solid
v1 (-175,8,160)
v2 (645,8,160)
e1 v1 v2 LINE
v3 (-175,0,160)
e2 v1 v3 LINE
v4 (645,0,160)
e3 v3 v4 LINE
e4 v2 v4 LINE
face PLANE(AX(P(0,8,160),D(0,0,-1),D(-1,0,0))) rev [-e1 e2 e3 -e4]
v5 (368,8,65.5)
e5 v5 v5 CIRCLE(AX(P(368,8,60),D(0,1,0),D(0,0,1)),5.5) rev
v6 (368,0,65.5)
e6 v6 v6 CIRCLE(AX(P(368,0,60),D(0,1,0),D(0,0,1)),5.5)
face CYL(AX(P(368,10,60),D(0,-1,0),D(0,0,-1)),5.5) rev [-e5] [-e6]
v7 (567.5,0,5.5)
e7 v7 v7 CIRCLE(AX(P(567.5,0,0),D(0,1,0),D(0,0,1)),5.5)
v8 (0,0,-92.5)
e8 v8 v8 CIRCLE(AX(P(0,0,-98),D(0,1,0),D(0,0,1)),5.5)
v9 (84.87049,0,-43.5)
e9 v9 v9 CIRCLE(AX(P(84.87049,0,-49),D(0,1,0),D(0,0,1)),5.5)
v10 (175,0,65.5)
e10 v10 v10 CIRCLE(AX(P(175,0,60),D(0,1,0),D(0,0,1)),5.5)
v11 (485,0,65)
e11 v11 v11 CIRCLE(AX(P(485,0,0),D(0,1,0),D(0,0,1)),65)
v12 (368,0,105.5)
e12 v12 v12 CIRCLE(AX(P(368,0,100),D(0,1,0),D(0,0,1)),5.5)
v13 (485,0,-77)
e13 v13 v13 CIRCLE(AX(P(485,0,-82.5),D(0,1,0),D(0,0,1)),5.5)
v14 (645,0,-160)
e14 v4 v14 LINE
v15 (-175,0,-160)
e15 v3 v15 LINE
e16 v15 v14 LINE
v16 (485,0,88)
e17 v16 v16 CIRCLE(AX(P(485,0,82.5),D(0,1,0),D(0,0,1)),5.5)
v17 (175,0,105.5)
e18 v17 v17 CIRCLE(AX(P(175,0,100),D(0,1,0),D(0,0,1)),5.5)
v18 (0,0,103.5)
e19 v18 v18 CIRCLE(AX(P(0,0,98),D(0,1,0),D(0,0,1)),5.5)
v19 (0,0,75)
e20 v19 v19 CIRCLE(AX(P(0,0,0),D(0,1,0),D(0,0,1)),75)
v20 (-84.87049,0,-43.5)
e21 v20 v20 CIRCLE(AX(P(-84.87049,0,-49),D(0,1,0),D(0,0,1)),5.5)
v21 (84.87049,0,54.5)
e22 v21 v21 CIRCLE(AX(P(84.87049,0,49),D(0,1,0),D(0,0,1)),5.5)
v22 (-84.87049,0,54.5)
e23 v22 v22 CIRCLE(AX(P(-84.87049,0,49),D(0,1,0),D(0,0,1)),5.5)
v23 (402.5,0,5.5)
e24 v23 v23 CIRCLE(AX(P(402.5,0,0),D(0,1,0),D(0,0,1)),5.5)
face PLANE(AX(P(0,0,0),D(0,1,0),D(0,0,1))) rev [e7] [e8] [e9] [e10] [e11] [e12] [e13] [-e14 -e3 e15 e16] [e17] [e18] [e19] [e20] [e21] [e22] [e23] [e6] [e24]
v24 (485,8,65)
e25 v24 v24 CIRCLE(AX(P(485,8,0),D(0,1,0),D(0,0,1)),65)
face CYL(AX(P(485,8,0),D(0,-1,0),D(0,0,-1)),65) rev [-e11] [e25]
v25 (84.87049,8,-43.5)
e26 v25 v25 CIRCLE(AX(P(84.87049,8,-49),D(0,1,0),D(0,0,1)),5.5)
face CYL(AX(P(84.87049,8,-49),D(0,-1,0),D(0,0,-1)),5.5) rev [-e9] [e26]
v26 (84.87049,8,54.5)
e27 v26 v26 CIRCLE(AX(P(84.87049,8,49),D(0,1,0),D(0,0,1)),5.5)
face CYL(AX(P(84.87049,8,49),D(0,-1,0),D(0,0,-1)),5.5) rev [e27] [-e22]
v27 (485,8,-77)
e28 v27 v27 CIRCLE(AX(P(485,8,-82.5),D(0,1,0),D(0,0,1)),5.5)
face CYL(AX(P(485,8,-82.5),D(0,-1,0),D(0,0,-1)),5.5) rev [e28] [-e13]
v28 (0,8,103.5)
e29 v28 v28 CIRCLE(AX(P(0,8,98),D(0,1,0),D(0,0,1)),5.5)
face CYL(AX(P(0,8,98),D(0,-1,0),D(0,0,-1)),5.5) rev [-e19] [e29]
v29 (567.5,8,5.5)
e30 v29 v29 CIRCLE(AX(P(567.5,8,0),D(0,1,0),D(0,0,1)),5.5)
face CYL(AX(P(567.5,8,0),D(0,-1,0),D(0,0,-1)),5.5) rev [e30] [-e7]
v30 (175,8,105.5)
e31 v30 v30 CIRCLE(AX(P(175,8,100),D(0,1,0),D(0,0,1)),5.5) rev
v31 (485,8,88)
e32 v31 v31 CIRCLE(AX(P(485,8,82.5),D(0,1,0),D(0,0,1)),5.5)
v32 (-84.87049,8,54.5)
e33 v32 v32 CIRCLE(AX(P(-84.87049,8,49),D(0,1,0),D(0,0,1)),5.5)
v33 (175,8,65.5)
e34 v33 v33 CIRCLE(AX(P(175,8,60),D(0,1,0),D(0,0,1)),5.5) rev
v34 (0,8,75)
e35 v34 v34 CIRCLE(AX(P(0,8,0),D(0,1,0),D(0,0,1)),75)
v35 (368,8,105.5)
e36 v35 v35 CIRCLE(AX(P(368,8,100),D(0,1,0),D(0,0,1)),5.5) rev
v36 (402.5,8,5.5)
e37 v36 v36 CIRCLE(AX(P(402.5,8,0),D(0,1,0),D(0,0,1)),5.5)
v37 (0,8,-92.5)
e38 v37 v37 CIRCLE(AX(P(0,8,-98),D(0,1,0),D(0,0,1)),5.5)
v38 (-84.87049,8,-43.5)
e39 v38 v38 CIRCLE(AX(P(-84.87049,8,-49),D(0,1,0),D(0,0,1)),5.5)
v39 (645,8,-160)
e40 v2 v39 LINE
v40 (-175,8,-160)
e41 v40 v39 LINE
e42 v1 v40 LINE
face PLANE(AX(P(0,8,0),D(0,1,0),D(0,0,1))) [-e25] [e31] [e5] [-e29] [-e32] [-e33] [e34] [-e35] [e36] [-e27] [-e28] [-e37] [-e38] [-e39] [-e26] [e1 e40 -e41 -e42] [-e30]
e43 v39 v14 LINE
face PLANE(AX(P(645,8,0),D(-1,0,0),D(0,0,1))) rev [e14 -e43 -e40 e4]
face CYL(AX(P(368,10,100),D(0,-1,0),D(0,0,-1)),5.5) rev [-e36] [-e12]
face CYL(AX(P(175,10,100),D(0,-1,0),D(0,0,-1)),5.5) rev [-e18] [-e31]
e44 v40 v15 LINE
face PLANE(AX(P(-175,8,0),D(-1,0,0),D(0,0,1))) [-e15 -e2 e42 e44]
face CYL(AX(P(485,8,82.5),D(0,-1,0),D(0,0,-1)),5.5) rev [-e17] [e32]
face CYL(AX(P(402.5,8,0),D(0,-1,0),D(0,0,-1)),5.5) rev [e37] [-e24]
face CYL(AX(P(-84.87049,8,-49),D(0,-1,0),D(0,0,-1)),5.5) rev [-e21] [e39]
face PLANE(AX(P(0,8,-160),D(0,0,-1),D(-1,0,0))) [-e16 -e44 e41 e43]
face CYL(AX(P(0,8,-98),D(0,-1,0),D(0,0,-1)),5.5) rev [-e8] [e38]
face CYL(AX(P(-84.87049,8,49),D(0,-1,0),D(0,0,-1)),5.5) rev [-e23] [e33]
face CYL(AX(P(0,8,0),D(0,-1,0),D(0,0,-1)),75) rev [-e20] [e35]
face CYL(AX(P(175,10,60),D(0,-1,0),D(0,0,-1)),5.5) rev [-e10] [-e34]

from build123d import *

# Parameters (mm, degrees)
SKETCH1_W           = 820
SKETCH1_H           = 320
SKETCH1_R           = 75
SKETCH1_R_2         = 5.5
SKETCH1_R_3         = 65
BOSS_EXTRUDE1_DEPTH = 8
SKETCH2_R           = 5.5
CUT_EXTRUDE2_DEPTH  = 10


with BuildPart() as part:
    # Sketch1 → Boss-Extrude1 (new body)
    with BuildSketch(Plane(origin=(0, 0, 0), x_dir=(1, 0, 0), z_dir=(0, 1, 0))):
        with Locations((235, 0)):
            Rectangle(SKETCH1_W, SKETCH1_H)
        with Locations(Location((0, 0, 0), (0, 0, 270))):
            Circle(SKETCH1_R, mode=Mode.SUBTRACT)
        with Locations(Location((0, -98, 0), (0, 0, 270))):
            Circle(SKETCH1_R_2, mode=Mode.SUBTRACT)
        with Locations(Location((-84.870489571, -49, 0), (0, 0, 270))):
            Circle(SKETCH1_R_2, mode=Mode.SUBTRACT)
        with Locations(Location((-84.870489571, 49, 0), (0, 0, 270))):
            Circle(SKETCH1_R_2, mode=Mode.SUBTRACT)
        with Locations(Location((0, 98, 0), (0, 0, 270))):
            Circle(SKETCH1_R_2, mode=Mode.SUBTRACT)
        with Locations(Location((84.870489571, 49, 0), (0, 0, 270))):
            Circle(SKETCH1_R_2, mode=Mode.SUBTRACT)
        with Locations(Location((84.870489571, -49, 0), (0, 0, 270))):
            Circle(SKETCH1_R_2, mode=Mode.SUBTRACT)
        with Locations(Location((485, 0, 0), (0, 0, 270))):
            Circle(SKETCH1_R_3, mode=Mode.SUBTRACT)
        with Locations(Location((567.5, 0, 0), (0, 0, 270))):
            Circle(SKETCH1_R_2, mode=Mode.SUBTRACT)
        with Locations(Location((485, -82.5, 0), (0, 0, 270))):
            Circle(SKETCH1_R_2, mode=Mode.SUBTRACT)
        with Locations(Location((402.5, 0, 0), (0, 0, 270))):
            Circle(SKETCH1_R_2, mode=Mode.SUBTRACT)
        with Locations(Location((485, 82.5, 0), (0, 0, 270))):
            Circle(SKETCH1_R_2, mode=Mode.SUBTRACT)
    extrude(amount=BOSS_EXTRUDE1_DEPTH)

    # Sketch2 → Cut-Extrude2 (cut)
    with BuildSketch(Plane(origin=(0, 0, 0), x_dir=(1, 0, 0), z_dir=(0, 1, 0))):
        with Locations(Location((175, -60, 0), (0, 0, 270))):
            Circle(SKETCH2_R)
        with Locations(Location((175, -100, 0), (0, 0, 270))):
            Circle(SKETCH2_R)
        with Locations(Location((368, -100, 0), (0, 0, 270))):
            Circle(SKETCH2_R)
        with Locations(Location((368, -60, 0), (0, 0, 270))):
            Circle(SKETCH2_R)
    extrude(amount=CUT_EXTRUDE2_DEPTH, mode=Mode.SUBTRACT)


solid = part.part
